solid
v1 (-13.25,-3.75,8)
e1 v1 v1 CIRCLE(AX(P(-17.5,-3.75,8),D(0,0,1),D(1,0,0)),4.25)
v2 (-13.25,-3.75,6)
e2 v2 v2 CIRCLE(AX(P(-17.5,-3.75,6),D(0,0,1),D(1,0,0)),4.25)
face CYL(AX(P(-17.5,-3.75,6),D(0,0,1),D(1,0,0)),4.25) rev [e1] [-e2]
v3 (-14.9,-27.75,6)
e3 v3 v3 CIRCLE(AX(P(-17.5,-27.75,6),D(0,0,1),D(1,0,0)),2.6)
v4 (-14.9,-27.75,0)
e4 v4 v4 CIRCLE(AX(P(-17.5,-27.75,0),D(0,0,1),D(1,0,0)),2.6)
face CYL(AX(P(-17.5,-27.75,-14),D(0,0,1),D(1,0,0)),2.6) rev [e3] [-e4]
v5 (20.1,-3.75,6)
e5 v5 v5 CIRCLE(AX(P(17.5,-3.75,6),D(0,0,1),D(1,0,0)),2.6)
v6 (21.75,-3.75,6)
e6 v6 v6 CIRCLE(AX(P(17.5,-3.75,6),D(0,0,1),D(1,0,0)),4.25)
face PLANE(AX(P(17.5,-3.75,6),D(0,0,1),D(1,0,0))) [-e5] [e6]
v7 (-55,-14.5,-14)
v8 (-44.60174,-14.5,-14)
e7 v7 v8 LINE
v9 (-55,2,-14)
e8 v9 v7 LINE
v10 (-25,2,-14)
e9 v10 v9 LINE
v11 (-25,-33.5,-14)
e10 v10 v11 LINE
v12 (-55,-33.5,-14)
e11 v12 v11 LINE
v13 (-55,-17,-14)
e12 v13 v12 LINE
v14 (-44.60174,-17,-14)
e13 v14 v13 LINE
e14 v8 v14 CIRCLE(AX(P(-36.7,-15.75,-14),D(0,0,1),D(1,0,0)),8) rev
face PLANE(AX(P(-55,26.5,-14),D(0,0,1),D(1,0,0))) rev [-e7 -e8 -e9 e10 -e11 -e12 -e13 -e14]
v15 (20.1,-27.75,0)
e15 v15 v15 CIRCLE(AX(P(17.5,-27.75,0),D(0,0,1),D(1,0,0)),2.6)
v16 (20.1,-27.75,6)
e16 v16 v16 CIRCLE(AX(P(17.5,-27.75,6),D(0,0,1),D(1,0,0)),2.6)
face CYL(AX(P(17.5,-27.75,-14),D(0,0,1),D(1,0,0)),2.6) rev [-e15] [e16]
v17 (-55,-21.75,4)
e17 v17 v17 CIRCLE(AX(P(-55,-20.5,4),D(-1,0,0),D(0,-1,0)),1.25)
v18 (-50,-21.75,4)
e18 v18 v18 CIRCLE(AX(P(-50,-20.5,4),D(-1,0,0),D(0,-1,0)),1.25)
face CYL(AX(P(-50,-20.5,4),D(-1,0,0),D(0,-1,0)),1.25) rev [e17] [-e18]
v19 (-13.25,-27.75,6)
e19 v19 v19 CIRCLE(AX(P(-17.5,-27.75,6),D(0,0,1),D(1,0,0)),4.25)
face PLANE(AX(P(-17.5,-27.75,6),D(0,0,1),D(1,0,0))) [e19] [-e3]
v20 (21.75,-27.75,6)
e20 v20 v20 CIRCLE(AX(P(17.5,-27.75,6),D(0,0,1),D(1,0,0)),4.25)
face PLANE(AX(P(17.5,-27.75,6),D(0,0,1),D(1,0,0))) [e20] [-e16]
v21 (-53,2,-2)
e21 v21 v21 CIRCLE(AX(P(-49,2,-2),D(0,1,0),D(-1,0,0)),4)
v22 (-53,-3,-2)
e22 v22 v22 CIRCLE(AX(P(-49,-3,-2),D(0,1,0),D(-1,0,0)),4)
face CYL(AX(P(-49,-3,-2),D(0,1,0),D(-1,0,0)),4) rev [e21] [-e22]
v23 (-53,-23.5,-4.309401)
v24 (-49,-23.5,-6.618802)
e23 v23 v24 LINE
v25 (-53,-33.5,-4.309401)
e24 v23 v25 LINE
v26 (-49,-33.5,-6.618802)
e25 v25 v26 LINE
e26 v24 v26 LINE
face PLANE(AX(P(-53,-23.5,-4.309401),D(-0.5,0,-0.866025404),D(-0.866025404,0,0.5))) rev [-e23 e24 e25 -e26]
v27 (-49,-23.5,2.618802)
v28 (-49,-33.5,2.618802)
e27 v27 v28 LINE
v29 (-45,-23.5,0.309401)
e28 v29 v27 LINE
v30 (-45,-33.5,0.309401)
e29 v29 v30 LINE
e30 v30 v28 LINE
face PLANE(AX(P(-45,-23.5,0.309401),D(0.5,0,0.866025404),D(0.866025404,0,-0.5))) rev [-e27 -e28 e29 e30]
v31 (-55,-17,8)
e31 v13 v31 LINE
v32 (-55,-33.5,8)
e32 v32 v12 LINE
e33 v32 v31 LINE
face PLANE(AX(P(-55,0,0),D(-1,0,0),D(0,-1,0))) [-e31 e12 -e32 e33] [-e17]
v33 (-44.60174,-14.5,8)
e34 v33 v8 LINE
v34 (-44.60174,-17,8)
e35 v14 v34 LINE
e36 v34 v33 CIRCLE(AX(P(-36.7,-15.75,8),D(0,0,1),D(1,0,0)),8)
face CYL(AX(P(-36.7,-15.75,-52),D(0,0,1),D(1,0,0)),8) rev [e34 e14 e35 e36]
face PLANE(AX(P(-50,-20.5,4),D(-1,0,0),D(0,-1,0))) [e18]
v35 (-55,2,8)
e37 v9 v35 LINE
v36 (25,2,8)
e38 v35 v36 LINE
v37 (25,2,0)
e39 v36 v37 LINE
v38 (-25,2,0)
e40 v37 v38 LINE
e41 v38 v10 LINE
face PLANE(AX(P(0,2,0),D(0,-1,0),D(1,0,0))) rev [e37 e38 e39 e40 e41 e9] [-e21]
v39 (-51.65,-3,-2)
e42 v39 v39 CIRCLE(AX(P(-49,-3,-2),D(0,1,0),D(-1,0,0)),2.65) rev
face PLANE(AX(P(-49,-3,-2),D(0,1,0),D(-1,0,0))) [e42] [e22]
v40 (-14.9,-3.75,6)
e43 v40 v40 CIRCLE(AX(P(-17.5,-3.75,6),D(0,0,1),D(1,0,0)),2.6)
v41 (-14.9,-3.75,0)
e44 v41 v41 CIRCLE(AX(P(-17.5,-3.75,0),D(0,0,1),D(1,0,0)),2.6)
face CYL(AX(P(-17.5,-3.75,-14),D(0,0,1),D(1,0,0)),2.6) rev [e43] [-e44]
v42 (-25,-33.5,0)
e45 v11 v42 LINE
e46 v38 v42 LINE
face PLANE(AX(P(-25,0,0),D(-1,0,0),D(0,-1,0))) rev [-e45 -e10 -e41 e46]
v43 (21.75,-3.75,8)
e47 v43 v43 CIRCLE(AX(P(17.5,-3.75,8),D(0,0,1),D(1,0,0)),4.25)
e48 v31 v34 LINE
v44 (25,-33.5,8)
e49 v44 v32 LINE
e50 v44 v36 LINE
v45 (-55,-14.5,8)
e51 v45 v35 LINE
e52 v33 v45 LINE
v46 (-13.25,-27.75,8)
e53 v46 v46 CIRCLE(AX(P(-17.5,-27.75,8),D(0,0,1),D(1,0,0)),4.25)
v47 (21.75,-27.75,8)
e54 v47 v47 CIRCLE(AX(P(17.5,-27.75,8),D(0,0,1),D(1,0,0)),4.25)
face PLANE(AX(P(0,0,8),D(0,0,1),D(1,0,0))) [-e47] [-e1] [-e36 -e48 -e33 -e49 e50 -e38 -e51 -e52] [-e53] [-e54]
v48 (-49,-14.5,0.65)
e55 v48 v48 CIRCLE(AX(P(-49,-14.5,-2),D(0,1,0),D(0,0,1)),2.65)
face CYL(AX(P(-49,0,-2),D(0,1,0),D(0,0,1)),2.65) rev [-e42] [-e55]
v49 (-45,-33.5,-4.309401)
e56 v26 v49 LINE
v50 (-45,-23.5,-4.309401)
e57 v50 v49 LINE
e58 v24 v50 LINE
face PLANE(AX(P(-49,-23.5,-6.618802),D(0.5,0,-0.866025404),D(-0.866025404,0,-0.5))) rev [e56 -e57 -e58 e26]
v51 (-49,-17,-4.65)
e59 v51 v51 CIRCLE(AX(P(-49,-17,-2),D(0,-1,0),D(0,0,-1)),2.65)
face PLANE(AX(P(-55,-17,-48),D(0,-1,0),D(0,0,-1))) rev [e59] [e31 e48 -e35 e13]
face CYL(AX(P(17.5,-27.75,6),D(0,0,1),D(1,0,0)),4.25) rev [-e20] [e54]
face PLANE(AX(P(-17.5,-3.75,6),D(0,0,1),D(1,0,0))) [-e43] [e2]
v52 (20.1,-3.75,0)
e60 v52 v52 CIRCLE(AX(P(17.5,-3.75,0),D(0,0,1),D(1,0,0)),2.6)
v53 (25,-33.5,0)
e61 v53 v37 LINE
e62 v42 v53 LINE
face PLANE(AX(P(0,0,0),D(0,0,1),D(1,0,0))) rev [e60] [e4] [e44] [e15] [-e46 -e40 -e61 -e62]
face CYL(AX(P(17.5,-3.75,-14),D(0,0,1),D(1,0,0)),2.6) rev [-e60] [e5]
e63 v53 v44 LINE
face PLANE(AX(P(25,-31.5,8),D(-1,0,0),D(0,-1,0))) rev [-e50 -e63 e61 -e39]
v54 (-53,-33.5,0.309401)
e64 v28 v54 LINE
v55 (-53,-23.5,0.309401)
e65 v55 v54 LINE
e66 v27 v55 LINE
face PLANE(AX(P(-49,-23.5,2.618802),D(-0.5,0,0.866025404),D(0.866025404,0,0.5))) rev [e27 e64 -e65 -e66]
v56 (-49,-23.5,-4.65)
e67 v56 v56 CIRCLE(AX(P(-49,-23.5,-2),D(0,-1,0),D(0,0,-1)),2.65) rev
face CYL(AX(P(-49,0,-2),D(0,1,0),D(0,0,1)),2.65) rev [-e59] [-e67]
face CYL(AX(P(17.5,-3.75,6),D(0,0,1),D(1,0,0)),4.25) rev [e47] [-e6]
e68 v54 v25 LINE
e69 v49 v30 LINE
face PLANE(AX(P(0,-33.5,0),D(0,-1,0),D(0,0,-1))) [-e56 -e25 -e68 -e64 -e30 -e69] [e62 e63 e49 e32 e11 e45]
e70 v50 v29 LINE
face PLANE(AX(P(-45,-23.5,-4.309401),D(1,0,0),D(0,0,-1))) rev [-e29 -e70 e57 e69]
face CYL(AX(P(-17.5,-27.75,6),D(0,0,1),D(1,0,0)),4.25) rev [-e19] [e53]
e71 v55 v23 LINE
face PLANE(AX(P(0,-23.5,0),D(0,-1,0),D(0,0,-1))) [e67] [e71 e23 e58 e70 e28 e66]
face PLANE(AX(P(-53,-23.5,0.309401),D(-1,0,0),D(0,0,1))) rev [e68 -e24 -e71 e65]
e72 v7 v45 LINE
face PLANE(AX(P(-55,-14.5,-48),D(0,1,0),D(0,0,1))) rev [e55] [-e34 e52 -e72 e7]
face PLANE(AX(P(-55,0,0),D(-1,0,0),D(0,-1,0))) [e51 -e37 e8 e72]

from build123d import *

# Parameters (mm, degrees)
ESQUISSE1_W              = 50
ESQUISSE1_H              = 31.5
ESQUISSE1_R              = 2.1
BOSS_EXTRU_1_DEPTH       = 8
ESQUISSE3_W              = 44
ESQUISSE3_H              = 31.5
BOSS_EXTRU_2_DEPTH       = 30
ESQUISSE4_R              = 8
ENL_V_MAT_EXTRU_1_DEPTH  = 60
ENL_V_MAT_EXTRU_2_DEPTH  = 56
ESQUISSE7_R              = 3.6
ENL_V_MAT_EXTRU_3_DEPTH  = 2
D_GAGEMENT_M51_D         = 5.3
D_GAGEMENT_M51_DEPTH     = 34
D_GAGEMENT_M51_TIP       = 1.59228064
ENL_V_MAT_EXTRU_4_DEPTH  = 8
ESQUISSE13_W             = 30
ESQUISSE13_H             = 22
ENL_V_MAT_EXTRU_6_DEPTH  = 58
ESQUISSE14_R             = 4
ENL_V_MAT_EXTRU_7_DEPTH  = 3
ESQUISSE15_R             = 1.25
ENL_V_MAT_EXTRU_8_DEPTH  = 5
BOSS_EXTRU_3_DEPTH       = 2
BOSS_EXTRU_4_START       = 2
ESQUISSE17_R             = 4
BOSS_EXTRU_4_DEPTH       = 2
ESQUISSE18_R             = 2.6
ENL_V_MAT_EXTRU_9_DEPTH  = 22
ESQUISSE19_R             = 4.25
ENL_V_MAT_EXTRU_10_DEPTH = 2


with BuildPart() as part:
    # Esquisse1 → Boss.-Extru.1 (new body)
    with BuildSketch(Plane.XY):
        with Locations((0, -15.75)):
            Rectangle(ESQUISSE1_W, ESQUISSE1_H)
        with Locations((17.5, -27.75)):
            Circle(ESQUISSE1_R, mode=Mode.SUBTRACT)
        with Locations((17.5, -3.75)):
            Circle(ESQUISSE1_R, mode=Mode.SUBTRACT)
        with Locations((-17.5, -3.75)):
            Circle(ESQUISSE1_R, mode=Mode.SUBTRACT)
        with Locations((-17.5, -27.75)):
            Circle(ESQUISSE1_R, mode=Mode.SUBTRACT)
    extrude(amount=BOSS_EXTRU_1_DEPTH)

    # Esquisse3 → Boss.-Extru.2 (add)
    with BuildSketch(Plane.ZY.offset(25)):
        with Locations((-14, -15.75)):
            Rectangle(ESQUISSE3_W, ESQUISSE3_H)
    extrude(amount=BOSS_EXTRU_2_DEPTH)

    # Esquisse4 → Enlèv. mat.-Extru.1 (cut)
    with BuildSketch(Plane.XY.offset(8)):
        with Locations((-36.7, -15.75)):
            Circle(ESQUISSE4_R)
    extrude(amount=-ENL_V_MAT_EXTRU_1_DEPTH, mode=Mode.SUBTRACT)

    # Esquisse6 → Enlèv. mat.-Extru.2 (cut)
    with BuildSketch(Plane.XY.offset(8)):
        with BuildLine():
            Line((-55, -14.5), (-44.601740315, -14.5))
            ThreePointArc((-44.601740315, -14.5), (-44.7, -15.75), (-44.601740315, -17))
            Line((-44.601740315, -17), (-55, -17))
            Line((-55, -17), (-55, -14.5))
        make_face()
    extrude(amount=-ENL_V_MAT_EXTRU_2_DEPTH, mode=Mode.SUBTRACT)

    # Esquisse7 → Enlèv. mat.-Extru.3 (cut)
    with BuildSketch(Plane.XY.offset(8)):
        with Locations((-17.5, -3.75)):
            Circle(ESQUISSE7_R)
        with Locations((-17.5, -27.75)):
            Circle(ESQUISSE7_R)
        with Locations((17.5, -27.75)):
            Circle(ESQUISSE7_R)
        with Locations((17.5, -3.75)):
            Circle(ESQUISSE7_R)
    extrude(amount=-ENL_V_MAT_EXTRU_3_DEPTH, mode=Mode.SUBTRACT)

    # Dégagement M51
    with Locations(Plane(origin=(0, 0, 0), x_dir=(1, 0, 0), z_dir=(0, 1, 0))):
        with Locations((-49, 2)):
            Hole(D_GAGEMENT_M51_D / 2, depth=D_GAGEMENT_M51_DEPTH)
            with Locations((0, 0, -(D_GAGEMENT_M51_DEPTH + D_GAGEMENT_M51_TIP / 2))):  # 118° drill point
                Cone(0, D_GAGEMENT_M51_D / 2, D_GAGEMENT_M51_TIP, mode=Mode.SUBTRACT)

    # Esquisse12 → Enlèv. mat.-Extru.4 (cut)
    with BuildSketch(Plane.XZ.offset(31.5)):
        Polygon((-45, 0.309401077), (-49, 2.618802154), (-53, 0.309401077), (-53, -4.309401077), (-49, -6.618802154), (-45, -4.309401077), align=None)
    extrude(amount=-ENL_V_MAT_EXTRU_4_DEPTH, mode=Mode.SUBTRACT)

    # Esquisse13 → Enlèv. mat.-Extru.6 (cut)
    with BuildSketch(Plane.XZ.offset(31.5)):
        with Locations((-40, -25)):
            Rectangle(ESQUISSE13_W, ESQUISSE13_H)
    extrude(amount=-ENL_V_MAT_EXTRU_6_DEPTH, mode=Mode.SUBTRACT)

    # Esquisse14 → Enlèv. mat.-Extru.7 (cut)
    with BuildSketch(Plane(origin=(0, 0, 0), x_dir=(1, 0, 0), z_dir=(0, 1, 0))):
        with Locations(Location((-49, 2, 0), (0, 0, 180))):
            Circle(ESQUISSE14_R)
    extrude(amount=-ENL_V_MAT_EXTRU_7_DEPTH, mode=Mode.SUBTRACT)

    # Esquisse15 → Enlèv. mat.-Extru.8 (cut)
    with BuildSketch(Plane.ZY.offset(55)):
        with Locations(Location((4, -20.5, 0), (0, 0, 270))):
            Circle(ESQUISSE15_R)
    extrude(amount=-ENL_V_MAT_EXTRU_8_DEPTH, mode=Mode.SUBTRACT)

    # Esquisse16 → Boss.-Extru.3 (add)
    with BuildSketch(Plane.XZ.offset(31.5)):
        Polygon((-55, 8), (-55, -14), (-25, -14), (-25, 0), (25, 0), (25, 8), align=None)
        Polygon((-53, 0.309401077), (-53, -4.309401077), (-49, -6.618802154), (-45, -4.309401077), (-45, 0.309401077), (-49, 2.618802154), align=None, mode=Mode.SUBTRACT)
    extrude(amount=BOSS_EXTRU_3_DEPTH)

    # Esquisse17 → Boss.-Extru.4 (add)
    with BuildSketch(Plane(origin=(0, 0, 0), x_dir=(1, 0, 0), z_dir=(0, 1, 0)).offset(BOSS_EXTRU_4_START)):
        Polygon((-25, 0), (-25, 14), (-55, 14), (-55, -8), (25, -8), (25, 0), align=None)
        with Locations(Location((-49, 2, 0), (0, 0, 180))):
            Circle(ESQUISSE17_R, mode=Mode.SUBTRACT)
    extrude(amount=-BOSS_EXTRU_4_DEPTH)

    # Esquisse18 → Enlèv. mat.-Extru.9 (cut)
    with BuildSketch(Plane.XY.offset(8)):
        with Locations((-17.5, -3.75)):
            Circle(ESQUISSE18_R)
        with Locations((17.5, -3.75)):
            Circle(ESQUISSE18_R)
        with Locations((17.5, -27.75)):
            Circle(ESQUISSE18_R)
        with Locations((-17.5, -27.75)):
            Circle(ESQUISSE18_R)
    extrude(amount=-ENL_V_MAT_EXTRU_9_DEPTH, mode=Mode.SUBTRACT)

    # Esquisse19 → Enlèv. mat.-Extru.10 (cut)
    with BuildSketch(Plane.XY.offset(8)):
        with Locations((-17.5, -3.75)):
            Circle(ESQUISSE19_R)
        with Locations((17.5, -3.75)):
            Circle(ESQUISSE19_R)
        with Locations((17.5, -27.75)):
            Circle(ESQUISSE19_R)
        with Locations((-17.5, -27.75)):
            Circle(ESQUISSE19_R)
    extrude(amount=-ENL_V_MAT_EXTRU_10_DEPTH, mode=Mode.SUBTRACT)


solid = part.part
